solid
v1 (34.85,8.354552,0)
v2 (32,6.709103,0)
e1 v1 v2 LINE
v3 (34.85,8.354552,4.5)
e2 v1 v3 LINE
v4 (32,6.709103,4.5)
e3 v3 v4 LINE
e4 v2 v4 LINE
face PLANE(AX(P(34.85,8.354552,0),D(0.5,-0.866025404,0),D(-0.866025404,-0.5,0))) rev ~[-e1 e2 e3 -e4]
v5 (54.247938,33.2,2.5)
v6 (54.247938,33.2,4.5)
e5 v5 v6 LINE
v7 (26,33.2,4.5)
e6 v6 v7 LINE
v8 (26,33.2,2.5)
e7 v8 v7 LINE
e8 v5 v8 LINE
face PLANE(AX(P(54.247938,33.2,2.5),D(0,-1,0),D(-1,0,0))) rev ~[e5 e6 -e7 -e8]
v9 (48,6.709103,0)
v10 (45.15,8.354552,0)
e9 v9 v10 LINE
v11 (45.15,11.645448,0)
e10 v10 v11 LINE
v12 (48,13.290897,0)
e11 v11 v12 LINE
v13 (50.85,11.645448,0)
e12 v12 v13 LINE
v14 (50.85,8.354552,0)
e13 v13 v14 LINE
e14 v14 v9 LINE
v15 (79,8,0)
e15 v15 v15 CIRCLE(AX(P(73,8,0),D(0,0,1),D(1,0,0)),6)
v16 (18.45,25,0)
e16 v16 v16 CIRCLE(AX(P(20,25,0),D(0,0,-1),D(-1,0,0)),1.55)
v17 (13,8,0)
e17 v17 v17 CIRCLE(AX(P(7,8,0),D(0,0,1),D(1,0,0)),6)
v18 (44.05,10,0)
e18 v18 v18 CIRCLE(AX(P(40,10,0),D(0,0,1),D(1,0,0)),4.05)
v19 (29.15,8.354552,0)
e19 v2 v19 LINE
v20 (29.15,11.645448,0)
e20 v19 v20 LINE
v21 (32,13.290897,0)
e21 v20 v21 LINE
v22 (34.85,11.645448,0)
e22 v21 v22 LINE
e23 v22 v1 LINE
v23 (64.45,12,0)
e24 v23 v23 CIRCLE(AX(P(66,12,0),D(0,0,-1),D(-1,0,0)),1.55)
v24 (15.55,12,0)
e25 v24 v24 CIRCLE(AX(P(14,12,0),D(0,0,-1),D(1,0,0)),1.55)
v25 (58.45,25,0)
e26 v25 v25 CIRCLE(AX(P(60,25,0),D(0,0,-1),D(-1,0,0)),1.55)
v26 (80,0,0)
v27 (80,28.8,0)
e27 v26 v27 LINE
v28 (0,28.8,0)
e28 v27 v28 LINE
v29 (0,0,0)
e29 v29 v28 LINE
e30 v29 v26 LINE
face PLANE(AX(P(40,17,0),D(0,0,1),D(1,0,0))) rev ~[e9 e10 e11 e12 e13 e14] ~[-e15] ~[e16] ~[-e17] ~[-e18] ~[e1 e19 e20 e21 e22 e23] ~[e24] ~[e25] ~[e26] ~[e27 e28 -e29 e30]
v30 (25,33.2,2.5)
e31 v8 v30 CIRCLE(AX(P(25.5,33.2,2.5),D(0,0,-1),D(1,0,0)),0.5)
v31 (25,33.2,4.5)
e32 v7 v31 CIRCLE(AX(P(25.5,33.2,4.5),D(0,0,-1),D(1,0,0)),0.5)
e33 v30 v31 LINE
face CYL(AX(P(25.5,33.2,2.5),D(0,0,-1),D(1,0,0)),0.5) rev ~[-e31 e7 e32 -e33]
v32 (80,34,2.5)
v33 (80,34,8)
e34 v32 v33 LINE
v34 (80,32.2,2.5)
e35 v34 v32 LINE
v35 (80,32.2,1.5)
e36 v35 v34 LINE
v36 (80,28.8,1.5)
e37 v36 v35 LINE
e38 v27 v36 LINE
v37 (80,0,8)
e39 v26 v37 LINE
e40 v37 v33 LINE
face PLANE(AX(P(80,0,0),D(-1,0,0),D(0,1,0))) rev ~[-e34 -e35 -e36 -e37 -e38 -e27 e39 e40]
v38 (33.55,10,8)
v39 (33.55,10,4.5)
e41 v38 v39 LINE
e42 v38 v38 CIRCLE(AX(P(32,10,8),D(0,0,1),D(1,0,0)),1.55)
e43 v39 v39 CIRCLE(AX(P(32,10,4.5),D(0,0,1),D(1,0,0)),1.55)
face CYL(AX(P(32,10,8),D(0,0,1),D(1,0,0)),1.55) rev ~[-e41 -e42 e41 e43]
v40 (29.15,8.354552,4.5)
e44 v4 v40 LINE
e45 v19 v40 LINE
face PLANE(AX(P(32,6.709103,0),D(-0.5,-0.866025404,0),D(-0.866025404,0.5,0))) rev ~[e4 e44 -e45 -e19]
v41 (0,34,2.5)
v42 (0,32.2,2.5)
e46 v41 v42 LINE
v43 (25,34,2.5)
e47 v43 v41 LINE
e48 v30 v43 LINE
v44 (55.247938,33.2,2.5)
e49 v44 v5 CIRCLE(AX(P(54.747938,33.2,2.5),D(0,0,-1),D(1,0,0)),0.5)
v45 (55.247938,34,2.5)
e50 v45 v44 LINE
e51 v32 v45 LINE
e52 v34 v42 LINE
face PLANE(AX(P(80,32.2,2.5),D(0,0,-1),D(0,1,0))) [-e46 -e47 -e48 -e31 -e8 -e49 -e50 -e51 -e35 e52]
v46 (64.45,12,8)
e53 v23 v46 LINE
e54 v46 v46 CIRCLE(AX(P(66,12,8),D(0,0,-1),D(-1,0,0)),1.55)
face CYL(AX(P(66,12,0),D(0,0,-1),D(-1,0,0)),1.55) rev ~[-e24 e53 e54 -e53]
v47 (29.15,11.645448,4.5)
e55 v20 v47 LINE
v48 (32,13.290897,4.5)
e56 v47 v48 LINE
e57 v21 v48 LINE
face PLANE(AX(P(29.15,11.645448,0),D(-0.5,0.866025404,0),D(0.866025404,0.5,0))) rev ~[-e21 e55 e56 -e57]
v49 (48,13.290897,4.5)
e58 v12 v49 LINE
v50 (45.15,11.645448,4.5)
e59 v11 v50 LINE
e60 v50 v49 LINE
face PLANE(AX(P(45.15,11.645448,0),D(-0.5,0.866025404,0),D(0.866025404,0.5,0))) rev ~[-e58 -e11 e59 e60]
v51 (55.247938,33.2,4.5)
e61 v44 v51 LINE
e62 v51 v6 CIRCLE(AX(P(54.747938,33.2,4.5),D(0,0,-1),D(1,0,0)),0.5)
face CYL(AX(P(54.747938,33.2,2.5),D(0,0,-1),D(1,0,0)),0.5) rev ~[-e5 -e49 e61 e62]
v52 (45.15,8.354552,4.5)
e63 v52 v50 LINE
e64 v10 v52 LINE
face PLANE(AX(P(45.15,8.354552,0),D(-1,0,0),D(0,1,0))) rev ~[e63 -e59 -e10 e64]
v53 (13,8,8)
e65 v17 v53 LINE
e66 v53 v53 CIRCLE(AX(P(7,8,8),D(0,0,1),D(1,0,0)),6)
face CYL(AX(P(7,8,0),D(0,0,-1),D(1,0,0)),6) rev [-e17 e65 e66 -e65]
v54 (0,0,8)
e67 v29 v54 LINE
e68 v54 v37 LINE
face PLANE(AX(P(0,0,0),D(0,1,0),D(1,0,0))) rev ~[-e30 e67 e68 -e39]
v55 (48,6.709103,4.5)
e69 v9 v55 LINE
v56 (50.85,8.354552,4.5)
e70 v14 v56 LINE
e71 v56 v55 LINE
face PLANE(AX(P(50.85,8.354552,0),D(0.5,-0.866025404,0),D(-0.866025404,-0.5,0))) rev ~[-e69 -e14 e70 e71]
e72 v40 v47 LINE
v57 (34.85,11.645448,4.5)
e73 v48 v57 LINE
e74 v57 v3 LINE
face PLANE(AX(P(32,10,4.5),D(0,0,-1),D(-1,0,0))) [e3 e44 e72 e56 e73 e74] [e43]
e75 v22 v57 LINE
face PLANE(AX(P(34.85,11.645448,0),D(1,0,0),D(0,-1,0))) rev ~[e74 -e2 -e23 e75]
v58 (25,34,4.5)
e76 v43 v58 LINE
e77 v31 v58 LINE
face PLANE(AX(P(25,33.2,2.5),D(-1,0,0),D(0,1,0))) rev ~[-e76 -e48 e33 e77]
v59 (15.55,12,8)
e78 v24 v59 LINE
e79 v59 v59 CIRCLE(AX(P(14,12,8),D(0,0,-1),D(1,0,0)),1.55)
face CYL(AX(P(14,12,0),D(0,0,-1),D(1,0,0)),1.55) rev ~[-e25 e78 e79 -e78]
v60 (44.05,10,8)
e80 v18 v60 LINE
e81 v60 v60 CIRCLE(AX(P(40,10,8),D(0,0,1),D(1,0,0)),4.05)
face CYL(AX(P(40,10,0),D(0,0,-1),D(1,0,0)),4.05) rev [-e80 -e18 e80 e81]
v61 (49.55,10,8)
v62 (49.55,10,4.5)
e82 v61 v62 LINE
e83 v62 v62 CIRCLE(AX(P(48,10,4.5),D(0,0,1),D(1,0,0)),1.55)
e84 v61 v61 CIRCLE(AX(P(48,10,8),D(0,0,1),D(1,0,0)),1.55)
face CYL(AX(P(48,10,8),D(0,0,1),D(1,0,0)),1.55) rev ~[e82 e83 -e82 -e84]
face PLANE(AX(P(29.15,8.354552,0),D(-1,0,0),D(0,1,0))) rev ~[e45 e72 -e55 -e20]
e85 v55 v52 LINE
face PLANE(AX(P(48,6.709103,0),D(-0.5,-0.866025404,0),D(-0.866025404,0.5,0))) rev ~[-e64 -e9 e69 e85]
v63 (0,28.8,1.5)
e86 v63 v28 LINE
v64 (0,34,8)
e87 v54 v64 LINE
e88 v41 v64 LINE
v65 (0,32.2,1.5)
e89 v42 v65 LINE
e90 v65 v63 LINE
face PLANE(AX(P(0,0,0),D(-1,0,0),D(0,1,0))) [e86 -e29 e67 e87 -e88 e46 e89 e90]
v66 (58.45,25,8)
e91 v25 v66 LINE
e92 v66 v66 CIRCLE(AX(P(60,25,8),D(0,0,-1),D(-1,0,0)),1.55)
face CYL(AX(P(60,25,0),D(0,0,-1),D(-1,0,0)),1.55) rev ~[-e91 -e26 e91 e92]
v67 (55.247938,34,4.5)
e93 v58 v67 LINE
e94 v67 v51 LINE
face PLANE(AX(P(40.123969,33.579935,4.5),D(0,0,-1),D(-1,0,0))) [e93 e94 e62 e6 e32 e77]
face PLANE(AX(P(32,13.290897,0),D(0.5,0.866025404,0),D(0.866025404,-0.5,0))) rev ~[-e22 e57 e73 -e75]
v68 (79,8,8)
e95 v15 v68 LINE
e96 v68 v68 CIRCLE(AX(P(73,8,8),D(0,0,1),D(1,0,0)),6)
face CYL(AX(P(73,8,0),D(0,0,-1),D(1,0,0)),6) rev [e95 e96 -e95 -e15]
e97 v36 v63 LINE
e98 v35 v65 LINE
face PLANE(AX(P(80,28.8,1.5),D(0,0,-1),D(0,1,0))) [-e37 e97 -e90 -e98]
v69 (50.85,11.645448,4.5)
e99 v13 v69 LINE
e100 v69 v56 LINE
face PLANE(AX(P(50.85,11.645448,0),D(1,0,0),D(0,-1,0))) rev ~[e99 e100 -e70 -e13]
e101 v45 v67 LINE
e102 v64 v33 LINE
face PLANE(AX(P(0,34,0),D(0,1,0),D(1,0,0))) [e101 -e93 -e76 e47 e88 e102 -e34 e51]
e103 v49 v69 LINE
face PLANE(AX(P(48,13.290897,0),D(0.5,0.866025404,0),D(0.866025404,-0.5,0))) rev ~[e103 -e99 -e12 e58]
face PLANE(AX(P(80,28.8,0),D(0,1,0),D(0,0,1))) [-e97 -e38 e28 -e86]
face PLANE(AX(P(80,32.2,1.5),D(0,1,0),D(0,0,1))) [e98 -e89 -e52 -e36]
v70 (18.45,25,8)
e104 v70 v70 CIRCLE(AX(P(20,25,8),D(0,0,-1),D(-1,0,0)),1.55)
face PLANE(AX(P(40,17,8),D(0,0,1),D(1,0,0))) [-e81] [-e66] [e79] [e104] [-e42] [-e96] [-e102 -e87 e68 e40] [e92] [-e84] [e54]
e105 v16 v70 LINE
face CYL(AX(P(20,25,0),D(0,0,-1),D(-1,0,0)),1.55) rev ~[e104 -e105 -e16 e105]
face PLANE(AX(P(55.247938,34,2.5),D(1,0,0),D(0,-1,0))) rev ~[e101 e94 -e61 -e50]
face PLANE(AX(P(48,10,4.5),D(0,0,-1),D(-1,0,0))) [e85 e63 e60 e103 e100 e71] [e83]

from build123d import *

# Parameters (mm, degrees)
SKETCH_2_W           = 80
SKETCH_2_H           = 34
SKETCH_2_R           = 6
SKETCH_2_R_2         = 4.05
EXTRUDE_1_DEPTH      = 8
CUT_EXTRUDE_2_DEPTH  = 88.292611371
SKETCH_5_R           = 1.55
CUT_EXTRUDE_3_DEPTH  = 88.292611371
CUT_EXTRUDE_5_DEPTH  = 4.5
SKETCH_11_R          = 1.55
CUT_EXTRUDE_7_DEPTH  = 88.292611371
CUT_EXTRUDE_11_DEPTH = 2
SKETCH_22_R          = 1.55
CUT_EXTRUDE_13_DEPTH = 88.292611371


with BuildPart() as part:
    # 草图2 → 凸台-拉伸1 (new body)
    with BuildSketch(Plane.XY):
        with Locations((40, 17)):
            Rectangle(SKETCH_2_W, SKETCH_2_H)
        with Locations((7, 8)):
            Circle(SKETCH_2_R, mode=Mode.SUBTRACT)
        with Locations((40, 10)):
            Circle(SKETCH_2_R_2, mode=Mode.SUBTRACT)
        with Locations((73, 8)):
            Circle(SKETCH_2_R, mode=Mode.SUBTRACT)
    extrude(amount=EXTRUDE_1_DEPTH)

    # 草图4 → 切除-拉伸2 (cut, through all)
    with BuildSketch(Plane(origin=(80, 0, 0), x_dir=(0, 0, -1), z_dir=(1, 0, 0))):
        Polygon((-1.5, 32.2), (-2.5, 32.2), (-2.5, 34), (0, 34), (0, 28.8), (-1.5, 28.8), align=None)
    extrude(amount=-CUT_EXTRUDE_2_DEPTH, mode=Mode.SUBTRACT)

    # 草图5 → 切除-拉伸3 (cut, through all)
    with BuildSketch(Plane.XY.offset(8)):
        with Locations((48, 10)):
            Circle(SKETCH_5_R)
        with Locations((32, 10)):
            Circle(SKETCH_5_R)
    extrude(amount=-CUT_EXTRUDE_3_DEPTH, mode=Mode.SUBTRACT)

    # 草图8 → 切除-拉伸5 (cut)
    with BuildSketch(Plane(origin=(0, 0, 0), x_dir=(-1, 0, 0), z_dir=(0, 0, -1))):
        Polygon((-45.15, 8.354551733), (-45.15, 11.645448267), (-48, 13.290896534), (-50.85, 11.645448267), (-50.85, 8.354551733), (-48, 6.709103466), align=None)
        Polygon((-34.85, 8.354551733), (-32, 6.709103466), (-29.15, 8.354551733), (-29.15, 11.645448267), (-32, 13.290896534), (-34.85, 11.645448267), align=None)
    extrude(amount=-CUT_EXTRUDE_5_DEPTH, mode=Mode.SUBTRACT)

    # 草图11 → 切除-拉伸7 (cut, through all)
    with BuildSketch(Plane(origin=(0, 0, 0), x_dir=(-1, 0, 0), z_dir=(0, 0, -1))):
        with Locations((-60, 25)):
            Circle(SKETCH_11_R)
        with Locations((-20, 25)):
            Circle(SKETCH_11_R)
    extrude(amount=-CUT_EXTRUDE_7_DEPTH, mode=Mode.SUBTRACT)

    # 草图19 → 切除-拉伸11 (cut)
    with BuildSketch(Plane(origin=(0, 0, 2.5), x_dir=(-1, 0, 0), z_dir=(0, 0, -1))):
        with BuildLine():
            Line((-25, 34), (-55.247938178, 34))
            Line((-55.247938178, 34), (-55.247938178, 33.2))
            ThreePointArc((-55.247938178, 33.2), (-54.747938178, 32.7), (-54.247938178, 33.2))
            Line((-54.247938178, 33.2), (-26, 33.2))
            ThreePointArc((-26, 33.2), (-25.5, 32.7), (-25, 33.2))
            Line((-25, 33.2), (-25, 34))
        make_face()
    extrude(amount=-CUT_EXTRUDE_11_DEPTH, mode=Mode.SUBTRACT)

    # 草图22 → 切除-拉伸13 (cut, through all)
    with BuildSketch(Plane(origin=(0, 0, 0), x_dir=(-1, 0, 0), z_dir=(0, 0, -1))):
        with Locations((-66, 12)):
            Circle(SKETCH_22_R)
        with Locations(Location((-14, 12, 0), (0, 0, 180))):
            Circle(SKETCH_22_R)
    extrude(amount=-CUT_EXTRUDE_13_DEPTH, mode=Mode.SUBTRACT)


solid = part.part
